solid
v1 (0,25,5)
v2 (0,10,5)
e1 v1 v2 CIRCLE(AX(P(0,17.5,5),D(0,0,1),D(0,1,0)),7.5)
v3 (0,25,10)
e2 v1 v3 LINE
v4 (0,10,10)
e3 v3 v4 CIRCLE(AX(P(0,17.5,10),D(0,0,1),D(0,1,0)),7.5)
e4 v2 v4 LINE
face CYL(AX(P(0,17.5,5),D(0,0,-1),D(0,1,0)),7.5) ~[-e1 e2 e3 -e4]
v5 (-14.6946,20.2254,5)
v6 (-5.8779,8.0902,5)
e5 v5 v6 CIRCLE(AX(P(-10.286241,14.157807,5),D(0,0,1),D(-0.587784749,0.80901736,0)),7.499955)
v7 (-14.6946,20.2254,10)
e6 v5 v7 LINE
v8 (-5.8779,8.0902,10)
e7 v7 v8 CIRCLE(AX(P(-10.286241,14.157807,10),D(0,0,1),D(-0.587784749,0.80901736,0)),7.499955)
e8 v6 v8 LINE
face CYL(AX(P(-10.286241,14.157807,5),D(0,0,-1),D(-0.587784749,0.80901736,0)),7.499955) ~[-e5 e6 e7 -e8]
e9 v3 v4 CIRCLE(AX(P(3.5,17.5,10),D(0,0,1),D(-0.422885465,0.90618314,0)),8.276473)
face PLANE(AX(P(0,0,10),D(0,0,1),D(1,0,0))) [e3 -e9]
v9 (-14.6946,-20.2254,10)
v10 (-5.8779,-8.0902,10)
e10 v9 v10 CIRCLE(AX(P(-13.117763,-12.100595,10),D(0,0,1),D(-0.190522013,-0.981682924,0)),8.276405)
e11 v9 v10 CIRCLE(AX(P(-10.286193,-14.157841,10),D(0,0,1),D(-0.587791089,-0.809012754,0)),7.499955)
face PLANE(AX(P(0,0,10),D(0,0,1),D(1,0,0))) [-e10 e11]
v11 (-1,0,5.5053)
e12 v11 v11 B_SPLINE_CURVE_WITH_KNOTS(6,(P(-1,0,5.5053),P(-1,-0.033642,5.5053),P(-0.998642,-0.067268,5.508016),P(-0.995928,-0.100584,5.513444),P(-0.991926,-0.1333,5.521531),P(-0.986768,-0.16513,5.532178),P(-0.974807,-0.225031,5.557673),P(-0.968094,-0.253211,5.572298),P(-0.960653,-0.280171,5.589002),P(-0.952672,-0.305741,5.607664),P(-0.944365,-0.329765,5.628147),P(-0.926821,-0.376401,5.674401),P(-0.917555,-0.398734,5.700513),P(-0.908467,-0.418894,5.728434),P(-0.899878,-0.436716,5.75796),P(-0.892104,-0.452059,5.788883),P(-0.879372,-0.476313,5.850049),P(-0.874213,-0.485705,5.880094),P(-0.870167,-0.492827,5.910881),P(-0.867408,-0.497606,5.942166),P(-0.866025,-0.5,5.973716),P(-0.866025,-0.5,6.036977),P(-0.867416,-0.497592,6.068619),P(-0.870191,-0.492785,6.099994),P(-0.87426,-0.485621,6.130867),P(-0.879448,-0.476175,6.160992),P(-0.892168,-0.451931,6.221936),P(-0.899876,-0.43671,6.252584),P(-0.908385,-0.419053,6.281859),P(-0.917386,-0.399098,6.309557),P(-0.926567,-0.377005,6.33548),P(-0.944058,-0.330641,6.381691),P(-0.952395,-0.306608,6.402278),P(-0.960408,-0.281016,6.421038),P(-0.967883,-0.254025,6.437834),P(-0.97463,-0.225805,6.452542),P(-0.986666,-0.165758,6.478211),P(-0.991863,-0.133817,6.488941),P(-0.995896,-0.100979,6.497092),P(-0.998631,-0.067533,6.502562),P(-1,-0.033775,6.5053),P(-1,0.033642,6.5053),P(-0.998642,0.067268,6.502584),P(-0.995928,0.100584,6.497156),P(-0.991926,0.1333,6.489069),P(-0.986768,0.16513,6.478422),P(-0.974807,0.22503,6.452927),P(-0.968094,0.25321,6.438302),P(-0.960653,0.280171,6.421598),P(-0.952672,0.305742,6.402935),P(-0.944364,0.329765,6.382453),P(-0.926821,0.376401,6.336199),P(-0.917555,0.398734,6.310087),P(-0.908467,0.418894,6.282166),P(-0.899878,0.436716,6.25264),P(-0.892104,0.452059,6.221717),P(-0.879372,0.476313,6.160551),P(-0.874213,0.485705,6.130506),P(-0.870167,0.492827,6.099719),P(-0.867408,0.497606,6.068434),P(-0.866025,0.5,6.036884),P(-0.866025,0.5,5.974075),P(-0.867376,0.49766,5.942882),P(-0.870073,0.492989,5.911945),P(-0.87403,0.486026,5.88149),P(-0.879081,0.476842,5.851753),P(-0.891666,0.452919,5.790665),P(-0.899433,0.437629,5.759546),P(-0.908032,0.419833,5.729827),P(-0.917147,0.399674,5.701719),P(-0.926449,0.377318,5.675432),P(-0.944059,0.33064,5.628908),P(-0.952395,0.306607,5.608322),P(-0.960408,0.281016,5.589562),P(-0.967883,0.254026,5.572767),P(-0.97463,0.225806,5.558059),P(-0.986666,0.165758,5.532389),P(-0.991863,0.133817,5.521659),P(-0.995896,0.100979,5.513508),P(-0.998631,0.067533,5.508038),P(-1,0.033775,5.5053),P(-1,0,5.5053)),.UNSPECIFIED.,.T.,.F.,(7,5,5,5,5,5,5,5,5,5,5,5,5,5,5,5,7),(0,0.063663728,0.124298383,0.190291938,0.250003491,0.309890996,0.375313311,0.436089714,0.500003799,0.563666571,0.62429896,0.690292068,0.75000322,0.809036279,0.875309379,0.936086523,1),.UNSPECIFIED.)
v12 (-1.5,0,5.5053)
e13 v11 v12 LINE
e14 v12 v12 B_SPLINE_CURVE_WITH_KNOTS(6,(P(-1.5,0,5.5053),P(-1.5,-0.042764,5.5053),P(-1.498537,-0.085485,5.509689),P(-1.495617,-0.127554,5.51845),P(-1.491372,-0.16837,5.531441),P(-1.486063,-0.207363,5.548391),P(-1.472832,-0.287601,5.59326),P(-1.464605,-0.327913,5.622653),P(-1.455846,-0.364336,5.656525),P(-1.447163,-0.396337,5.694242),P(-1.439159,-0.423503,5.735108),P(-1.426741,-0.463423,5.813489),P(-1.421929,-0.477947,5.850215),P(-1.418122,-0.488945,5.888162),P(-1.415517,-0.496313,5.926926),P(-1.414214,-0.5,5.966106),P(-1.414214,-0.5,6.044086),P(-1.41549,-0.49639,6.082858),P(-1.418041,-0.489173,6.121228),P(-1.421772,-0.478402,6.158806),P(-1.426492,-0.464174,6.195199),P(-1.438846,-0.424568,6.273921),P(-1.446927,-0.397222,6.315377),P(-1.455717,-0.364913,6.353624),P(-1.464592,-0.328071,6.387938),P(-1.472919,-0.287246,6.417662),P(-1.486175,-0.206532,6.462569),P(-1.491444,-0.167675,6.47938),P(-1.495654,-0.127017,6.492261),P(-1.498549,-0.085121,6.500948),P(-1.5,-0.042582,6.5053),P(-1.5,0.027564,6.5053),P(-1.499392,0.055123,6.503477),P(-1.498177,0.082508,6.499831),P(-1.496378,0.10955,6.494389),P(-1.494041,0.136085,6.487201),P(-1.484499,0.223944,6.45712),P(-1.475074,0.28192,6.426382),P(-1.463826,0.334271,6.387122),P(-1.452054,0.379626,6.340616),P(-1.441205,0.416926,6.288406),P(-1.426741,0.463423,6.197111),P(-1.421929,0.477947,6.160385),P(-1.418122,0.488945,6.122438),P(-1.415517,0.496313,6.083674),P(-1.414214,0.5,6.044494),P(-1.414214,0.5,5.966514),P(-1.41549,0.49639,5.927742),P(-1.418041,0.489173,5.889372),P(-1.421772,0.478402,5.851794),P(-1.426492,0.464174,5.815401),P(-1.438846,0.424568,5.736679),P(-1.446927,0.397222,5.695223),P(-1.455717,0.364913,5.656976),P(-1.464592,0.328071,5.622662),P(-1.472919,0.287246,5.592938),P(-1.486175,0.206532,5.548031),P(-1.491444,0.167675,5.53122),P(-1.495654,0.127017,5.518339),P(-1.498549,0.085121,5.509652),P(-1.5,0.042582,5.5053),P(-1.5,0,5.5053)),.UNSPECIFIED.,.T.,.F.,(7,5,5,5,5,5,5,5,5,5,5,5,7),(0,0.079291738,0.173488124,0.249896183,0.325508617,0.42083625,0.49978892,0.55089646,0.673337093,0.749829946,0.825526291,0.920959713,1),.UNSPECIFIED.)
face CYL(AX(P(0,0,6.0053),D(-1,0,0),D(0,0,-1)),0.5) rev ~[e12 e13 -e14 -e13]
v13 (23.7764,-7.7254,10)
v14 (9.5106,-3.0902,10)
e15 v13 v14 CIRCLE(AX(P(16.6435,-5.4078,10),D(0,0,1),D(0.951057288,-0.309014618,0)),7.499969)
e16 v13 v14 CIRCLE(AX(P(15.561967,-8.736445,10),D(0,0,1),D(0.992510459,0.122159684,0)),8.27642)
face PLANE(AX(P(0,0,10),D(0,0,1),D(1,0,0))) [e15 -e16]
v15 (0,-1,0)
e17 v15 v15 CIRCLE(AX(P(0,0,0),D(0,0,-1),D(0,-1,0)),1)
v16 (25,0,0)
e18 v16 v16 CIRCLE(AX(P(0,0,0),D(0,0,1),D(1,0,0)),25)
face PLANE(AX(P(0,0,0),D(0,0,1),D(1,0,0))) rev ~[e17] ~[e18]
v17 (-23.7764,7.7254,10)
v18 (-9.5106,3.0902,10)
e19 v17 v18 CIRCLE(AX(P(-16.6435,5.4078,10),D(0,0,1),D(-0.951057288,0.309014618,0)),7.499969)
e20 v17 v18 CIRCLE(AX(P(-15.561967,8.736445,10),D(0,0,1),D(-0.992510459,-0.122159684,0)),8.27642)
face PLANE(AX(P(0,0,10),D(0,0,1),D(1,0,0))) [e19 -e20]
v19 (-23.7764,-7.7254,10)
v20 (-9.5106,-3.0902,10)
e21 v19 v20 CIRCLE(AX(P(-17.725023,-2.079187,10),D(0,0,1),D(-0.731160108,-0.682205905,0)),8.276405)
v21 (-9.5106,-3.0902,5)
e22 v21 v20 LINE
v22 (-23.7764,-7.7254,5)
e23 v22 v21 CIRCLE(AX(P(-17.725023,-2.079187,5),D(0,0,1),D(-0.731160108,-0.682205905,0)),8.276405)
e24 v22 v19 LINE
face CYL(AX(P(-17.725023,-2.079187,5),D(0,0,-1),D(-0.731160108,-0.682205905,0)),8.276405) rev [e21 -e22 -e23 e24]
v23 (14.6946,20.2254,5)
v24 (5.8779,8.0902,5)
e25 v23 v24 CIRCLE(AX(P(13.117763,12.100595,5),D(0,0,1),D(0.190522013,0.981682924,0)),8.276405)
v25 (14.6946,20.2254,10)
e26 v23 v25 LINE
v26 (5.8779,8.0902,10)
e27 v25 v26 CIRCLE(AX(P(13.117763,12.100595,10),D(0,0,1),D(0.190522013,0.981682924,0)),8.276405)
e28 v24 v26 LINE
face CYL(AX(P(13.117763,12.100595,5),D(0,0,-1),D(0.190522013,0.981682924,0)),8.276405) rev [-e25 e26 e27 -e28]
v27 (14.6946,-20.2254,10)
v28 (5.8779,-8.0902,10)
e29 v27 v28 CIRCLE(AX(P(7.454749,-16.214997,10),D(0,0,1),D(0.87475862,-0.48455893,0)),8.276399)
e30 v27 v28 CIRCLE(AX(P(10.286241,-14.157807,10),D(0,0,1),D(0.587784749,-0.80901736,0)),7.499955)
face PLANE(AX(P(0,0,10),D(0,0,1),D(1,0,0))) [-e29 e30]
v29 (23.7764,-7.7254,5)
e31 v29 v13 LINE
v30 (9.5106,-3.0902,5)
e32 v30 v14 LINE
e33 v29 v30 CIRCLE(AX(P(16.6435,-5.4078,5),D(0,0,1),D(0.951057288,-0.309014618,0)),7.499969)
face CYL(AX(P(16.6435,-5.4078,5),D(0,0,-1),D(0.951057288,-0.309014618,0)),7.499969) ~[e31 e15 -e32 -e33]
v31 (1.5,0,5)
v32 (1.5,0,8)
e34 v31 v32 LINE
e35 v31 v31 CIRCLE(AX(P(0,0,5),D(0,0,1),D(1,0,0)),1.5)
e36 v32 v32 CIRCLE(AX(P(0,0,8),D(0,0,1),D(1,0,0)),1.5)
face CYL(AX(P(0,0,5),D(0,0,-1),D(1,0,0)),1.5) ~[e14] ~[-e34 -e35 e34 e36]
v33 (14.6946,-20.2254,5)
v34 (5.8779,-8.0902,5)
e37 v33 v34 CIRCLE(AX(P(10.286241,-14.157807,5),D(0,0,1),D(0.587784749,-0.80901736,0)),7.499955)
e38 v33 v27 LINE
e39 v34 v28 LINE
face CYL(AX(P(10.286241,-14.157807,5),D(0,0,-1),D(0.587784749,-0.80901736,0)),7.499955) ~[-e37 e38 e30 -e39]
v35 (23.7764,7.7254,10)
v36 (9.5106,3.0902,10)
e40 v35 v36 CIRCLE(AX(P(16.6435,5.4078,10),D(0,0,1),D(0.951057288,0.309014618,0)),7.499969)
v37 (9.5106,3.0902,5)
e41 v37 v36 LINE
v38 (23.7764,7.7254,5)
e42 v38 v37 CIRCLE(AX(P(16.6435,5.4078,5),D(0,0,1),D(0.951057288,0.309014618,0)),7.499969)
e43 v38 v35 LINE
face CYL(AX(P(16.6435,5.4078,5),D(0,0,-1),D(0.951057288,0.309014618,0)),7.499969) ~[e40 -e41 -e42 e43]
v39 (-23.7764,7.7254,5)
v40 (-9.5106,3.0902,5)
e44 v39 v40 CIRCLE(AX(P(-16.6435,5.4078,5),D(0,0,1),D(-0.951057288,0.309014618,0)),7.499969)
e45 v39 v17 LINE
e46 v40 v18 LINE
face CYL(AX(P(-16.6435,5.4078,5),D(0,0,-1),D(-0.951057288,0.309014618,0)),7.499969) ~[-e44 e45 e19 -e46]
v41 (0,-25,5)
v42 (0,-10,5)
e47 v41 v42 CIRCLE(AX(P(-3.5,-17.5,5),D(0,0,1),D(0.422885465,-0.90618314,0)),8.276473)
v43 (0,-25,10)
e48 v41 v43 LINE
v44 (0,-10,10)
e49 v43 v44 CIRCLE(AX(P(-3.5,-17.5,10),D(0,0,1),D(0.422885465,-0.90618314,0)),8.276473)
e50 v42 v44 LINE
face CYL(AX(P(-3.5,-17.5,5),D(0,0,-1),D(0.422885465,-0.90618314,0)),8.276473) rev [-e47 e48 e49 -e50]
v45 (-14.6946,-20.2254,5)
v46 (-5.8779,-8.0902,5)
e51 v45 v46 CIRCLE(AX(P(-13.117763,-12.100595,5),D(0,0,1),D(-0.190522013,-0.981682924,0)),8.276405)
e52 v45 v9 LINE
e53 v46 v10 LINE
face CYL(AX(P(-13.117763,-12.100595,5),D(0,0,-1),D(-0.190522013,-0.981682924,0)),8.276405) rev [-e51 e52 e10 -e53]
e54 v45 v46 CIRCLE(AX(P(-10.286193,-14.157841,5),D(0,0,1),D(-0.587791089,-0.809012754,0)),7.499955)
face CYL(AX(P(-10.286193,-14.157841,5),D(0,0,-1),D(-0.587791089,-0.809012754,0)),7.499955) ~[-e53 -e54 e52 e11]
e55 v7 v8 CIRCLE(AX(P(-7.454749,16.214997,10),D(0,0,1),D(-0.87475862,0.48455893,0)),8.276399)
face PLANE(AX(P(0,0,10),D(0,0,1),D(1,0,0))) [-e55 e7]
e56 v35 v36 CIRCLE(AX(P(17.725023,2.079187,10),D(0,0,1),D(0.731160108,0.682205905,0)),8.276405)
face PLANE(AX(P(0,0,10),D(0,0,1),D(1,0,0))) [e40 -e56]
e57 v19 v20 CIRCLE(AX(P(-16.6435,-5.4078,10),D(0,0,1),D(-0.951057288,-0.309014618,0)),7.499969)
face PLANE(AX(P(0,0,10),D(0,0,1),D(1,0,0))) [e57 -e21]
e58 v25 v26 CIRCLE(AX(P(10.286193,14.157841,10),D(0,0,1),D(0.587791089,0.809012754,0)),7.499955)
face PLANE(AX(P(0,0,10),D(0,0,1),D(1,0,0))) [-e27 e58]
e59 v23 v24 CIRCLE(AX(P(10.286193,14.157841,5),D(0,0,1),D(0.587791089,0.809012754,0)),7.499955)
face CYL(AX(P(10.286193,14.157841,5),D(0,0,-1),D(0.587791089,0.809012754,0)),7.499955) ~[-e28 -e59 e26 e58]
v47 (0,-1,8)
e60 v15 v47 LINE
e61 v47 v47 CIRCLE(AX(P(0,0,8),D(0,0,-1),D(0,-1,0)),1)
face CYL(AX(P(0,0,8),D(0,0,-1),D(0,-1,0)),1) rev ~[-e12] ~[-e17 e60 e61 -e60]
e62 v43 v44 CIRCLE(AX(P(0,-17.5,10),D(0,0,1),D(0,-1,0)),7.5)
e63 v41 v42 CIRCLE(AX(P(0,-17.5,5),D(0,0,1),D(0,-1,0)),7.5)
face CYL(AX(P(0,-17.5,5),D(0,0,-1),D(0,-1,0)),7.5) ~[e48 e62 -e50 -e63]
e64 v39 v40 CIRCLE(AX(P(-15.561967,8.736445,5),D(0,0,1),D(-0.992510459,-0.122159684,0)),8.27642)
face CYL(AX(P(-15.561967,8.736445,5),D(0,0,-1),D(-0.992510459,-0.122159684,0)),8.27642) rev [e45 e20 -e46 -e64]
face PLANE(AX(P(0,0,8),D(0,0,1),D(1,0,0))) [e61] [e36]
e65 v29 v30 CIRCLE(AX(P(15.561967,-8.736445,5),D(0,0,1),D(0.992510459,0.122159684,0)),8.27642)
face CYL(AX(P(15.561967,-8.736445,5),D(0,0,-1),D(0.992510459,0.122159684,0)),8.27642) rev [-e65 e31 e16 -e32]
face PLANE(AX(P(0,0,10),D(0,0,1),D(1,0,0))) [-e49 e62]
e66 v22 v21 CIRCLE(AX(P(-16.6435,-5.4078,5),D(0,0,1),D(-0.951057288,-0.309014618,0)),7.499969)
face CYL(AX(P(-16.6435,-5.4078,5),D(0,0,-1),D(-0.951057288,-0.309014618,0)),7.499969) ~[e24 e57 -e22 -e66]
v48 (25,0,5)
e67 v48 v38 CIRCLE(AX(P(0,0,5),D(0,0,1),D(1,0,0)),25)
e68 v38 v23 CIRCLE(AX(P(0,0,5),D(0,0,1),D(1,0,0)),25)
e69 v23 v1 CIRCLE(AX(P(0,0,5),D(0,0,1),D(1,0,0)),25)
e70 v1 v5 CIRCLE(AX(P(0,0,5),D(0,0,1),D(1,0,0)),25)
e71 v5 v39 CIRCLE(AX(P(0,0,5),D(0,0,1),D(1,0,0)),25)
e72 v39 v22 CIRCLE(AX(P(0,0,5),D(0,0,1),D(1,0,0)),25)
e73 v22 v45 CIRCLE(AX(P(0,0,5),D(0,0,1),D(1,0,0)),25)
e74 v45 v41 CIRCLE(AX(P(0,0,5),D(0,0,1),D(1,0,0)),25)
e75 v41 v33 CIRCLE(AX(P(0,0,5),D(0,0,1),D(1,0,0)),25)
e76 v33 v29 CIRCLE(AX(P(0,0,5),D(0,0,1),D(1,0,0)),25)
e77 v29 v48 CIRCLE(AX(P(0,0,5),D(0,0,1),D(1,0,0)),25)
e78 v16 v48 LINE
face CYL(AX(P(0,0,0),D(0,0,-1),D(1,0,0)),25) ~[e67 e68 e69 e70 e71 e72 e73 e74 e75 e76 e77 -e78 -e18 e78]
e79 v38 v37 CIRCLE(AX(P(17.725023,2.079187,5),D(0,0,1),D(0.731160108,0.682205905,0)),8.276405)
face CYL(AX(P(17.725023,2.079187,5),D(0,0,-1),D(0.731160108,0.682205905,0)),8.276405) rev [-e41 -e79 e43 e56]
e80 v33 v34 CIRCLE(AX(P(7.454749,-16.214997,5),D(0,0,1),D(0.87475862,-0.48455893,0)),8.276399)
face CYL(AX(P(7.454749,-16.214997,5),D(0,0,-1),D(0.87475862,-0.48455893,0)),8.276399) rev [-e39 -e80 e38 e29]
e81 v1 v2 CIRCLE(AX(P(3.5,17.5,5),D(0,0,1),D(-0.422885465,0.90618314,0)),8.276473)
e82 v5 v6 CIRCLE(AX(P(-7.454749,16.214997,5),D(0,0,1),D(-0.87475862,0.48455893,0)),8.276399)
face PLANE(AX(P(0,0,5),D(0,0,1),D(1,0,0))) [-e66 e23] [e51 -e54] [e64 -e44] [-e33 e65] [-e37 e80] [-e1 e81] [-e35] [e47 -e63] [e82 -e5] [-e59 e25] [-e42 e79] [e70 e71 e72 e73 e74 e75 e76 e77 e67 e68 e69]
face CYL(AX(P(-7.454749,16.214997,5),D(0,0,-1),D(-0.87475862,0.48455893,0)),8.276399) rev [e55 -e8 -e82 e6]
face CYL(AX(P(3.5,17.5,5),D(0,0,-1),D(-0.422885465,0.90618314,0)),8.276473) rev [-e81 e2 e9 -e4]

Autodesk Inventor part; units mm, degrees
ref_plane "YZ Plane" through (0, 0, 0) normal (1, 0, 0) x (0, 1, 0)
ref_plane "XZ Plane" through (0, 0, 0) normal (0, 1, 0) x (-1, 0, 0)
ref_plane "XY Plane" through (0, 0, 0) normal (0, 0, 1) x (1, 0, 0)
sketch "スケッチ1" plane through (0, 0, 0) normal (0, 0, 1) x (1, 0, 0)
  circle A0 centre (0, 0) radius 25
  dimension "d0" = 50
extrude "押し出し1" add sketch "スケッチ1" along normal blind 5
sketch "スケッチ2" plane through (0, 0, 5) normal (0, 0, 1) x (1, 0, 0)
  circle A0 centre (0, 0) radius 10
  circle A1 centre (0, 0) radius 25 projected
  arc A2 (0, 25) -> (0, 10) centre (0, 17.5) ccw
  arc A3 (0, 25) -> (0, 10) centre (3.5, 17.5) ccw
  arc A4 (-14.6946, 20.2254) -> (-5.8779, 8.0902) centre (-10.2862, 14.1578) ccw
  arc A5 (-14.6946, 20.2254) -> (-5.8779, 8.0902) centre (-7.4547, 16.215) ccw
  arc A6 (-23.7764, 7.7254) -> (-9.5106, 3.0902) centre (-16.6435, 5.4078) ccw
  arc A7 (-23.7764, 7.7254) -> (-9.5106, 3.0902) centre (-15.5619, 8.7365) ccw
  arc A8 (-23.7764, -7.7254) -> (-9.5106, -3.0902) centre (-16.6435, -5.4078) ccw
  arc A9 (-23.7764, -7.7254) -> (-9.5106, -3.0902) centre (-17.725, -2.0791) ccw
  arc A10 (-14.6946, -20.2254) -> (-5.8779, -8.0902) centre (-10.2862, -14.1578) ccw
  arc A11 (-14.6946, -20.2254) -> (-5.8779, -8.0902) centre (-13.1178, -12.1005) ccw
  arc A12 (0, -25) -> (0, -10) centre (0, -17.5) ccw
  arc A13 (0, -25) -> (0, -10) centre (-3.5, -17.5) ccw
  arc A14 (14.6946, -20.2254) -> (5.8779, -8.0902) centre (10.2862, -14.1578) ccw
  arc A15 (14.6946, -20.2254) -> (5.8779, -8.0902) centre (7.4547, -16.215) ccw
  arc A16 (23.7764, -7.7254) -> (9.5106, -3.0902) centre (16.6435, -5.4078) ccw
  arc A17 (23.7764, -7.7254) -> (9.5106, -3.0902) centre (15.5619, -8.7365) ccw
  arc A18 (23.7764, 7.7254) -> (9.5106, 3.0902) centre (16.6435, 5.4078) ccw
  arc A19 (23.7764, 7.7254) -> (9.5106, 3.0902) centre (17.725, 2.0791) ccw
  arc A20 (14.6946, 20.2254) -> (5.8779, 8.0902) centre (10.2862, 14.1578) ccw
  arc A21 (14.6946, 20.2254) -> (5.8779, 8.0902) centre (13.1178, 12.1005) ccw
  dimension "d3" = 20
  dimension "d4" = 3.5
  dimension "d7" = 360
extrude "押し出し2" add sketch "スケッチ2" along normal blind 5 contours A18 A19 | A16 A17 | A20 A21 | A14 A15 | A2 A3 | A12 A13 | A4 A5 | A10 A11 | A6 A7 | A8 A9
sketch "スケッチ3" plane through (0, 0, 5) normal (0, 0, 1) x (1, 0, 0)
  point P0 (0, 0)
  point P1 (0, 0)
hole "穴1" at (0, 0, 5) direction (0, 0, -1) diameter 2 depth 6 tip angle 118
sketch "スケッチ4" plane through (0, 0, 5) normal (0, 0, 1) x (1, 0, 0)
  circle A0 centre (0, 0) radius 1.5
  dimension "d18" = 3
extrude "押し出し3" add sketch "スケッチ4" along normal blind 3
sketch "スケッチ5" plane through (0, 0, 8) normal (0, 0, 1) x (1, 0, 0)
  point P0 (0, 0)
  point P1 (0, 0)
hole "穴2" at (0, 0, 8) direction (0, 0, -1) diameter 2 depth 6 tip angle 118
sketch "スケッチ6" plane through (0, 0, 0) normal (1, 0, 0) x (0, 1, 0)
  point P0 (0, 0)
  point P1 (0, 6.0053)
hole "穴3" at (0, 0, 6.0053) direction (-1, 0, 0) diameter 1 depth 6 tip angle 118
properties part number "20220701_fan_wing10"
